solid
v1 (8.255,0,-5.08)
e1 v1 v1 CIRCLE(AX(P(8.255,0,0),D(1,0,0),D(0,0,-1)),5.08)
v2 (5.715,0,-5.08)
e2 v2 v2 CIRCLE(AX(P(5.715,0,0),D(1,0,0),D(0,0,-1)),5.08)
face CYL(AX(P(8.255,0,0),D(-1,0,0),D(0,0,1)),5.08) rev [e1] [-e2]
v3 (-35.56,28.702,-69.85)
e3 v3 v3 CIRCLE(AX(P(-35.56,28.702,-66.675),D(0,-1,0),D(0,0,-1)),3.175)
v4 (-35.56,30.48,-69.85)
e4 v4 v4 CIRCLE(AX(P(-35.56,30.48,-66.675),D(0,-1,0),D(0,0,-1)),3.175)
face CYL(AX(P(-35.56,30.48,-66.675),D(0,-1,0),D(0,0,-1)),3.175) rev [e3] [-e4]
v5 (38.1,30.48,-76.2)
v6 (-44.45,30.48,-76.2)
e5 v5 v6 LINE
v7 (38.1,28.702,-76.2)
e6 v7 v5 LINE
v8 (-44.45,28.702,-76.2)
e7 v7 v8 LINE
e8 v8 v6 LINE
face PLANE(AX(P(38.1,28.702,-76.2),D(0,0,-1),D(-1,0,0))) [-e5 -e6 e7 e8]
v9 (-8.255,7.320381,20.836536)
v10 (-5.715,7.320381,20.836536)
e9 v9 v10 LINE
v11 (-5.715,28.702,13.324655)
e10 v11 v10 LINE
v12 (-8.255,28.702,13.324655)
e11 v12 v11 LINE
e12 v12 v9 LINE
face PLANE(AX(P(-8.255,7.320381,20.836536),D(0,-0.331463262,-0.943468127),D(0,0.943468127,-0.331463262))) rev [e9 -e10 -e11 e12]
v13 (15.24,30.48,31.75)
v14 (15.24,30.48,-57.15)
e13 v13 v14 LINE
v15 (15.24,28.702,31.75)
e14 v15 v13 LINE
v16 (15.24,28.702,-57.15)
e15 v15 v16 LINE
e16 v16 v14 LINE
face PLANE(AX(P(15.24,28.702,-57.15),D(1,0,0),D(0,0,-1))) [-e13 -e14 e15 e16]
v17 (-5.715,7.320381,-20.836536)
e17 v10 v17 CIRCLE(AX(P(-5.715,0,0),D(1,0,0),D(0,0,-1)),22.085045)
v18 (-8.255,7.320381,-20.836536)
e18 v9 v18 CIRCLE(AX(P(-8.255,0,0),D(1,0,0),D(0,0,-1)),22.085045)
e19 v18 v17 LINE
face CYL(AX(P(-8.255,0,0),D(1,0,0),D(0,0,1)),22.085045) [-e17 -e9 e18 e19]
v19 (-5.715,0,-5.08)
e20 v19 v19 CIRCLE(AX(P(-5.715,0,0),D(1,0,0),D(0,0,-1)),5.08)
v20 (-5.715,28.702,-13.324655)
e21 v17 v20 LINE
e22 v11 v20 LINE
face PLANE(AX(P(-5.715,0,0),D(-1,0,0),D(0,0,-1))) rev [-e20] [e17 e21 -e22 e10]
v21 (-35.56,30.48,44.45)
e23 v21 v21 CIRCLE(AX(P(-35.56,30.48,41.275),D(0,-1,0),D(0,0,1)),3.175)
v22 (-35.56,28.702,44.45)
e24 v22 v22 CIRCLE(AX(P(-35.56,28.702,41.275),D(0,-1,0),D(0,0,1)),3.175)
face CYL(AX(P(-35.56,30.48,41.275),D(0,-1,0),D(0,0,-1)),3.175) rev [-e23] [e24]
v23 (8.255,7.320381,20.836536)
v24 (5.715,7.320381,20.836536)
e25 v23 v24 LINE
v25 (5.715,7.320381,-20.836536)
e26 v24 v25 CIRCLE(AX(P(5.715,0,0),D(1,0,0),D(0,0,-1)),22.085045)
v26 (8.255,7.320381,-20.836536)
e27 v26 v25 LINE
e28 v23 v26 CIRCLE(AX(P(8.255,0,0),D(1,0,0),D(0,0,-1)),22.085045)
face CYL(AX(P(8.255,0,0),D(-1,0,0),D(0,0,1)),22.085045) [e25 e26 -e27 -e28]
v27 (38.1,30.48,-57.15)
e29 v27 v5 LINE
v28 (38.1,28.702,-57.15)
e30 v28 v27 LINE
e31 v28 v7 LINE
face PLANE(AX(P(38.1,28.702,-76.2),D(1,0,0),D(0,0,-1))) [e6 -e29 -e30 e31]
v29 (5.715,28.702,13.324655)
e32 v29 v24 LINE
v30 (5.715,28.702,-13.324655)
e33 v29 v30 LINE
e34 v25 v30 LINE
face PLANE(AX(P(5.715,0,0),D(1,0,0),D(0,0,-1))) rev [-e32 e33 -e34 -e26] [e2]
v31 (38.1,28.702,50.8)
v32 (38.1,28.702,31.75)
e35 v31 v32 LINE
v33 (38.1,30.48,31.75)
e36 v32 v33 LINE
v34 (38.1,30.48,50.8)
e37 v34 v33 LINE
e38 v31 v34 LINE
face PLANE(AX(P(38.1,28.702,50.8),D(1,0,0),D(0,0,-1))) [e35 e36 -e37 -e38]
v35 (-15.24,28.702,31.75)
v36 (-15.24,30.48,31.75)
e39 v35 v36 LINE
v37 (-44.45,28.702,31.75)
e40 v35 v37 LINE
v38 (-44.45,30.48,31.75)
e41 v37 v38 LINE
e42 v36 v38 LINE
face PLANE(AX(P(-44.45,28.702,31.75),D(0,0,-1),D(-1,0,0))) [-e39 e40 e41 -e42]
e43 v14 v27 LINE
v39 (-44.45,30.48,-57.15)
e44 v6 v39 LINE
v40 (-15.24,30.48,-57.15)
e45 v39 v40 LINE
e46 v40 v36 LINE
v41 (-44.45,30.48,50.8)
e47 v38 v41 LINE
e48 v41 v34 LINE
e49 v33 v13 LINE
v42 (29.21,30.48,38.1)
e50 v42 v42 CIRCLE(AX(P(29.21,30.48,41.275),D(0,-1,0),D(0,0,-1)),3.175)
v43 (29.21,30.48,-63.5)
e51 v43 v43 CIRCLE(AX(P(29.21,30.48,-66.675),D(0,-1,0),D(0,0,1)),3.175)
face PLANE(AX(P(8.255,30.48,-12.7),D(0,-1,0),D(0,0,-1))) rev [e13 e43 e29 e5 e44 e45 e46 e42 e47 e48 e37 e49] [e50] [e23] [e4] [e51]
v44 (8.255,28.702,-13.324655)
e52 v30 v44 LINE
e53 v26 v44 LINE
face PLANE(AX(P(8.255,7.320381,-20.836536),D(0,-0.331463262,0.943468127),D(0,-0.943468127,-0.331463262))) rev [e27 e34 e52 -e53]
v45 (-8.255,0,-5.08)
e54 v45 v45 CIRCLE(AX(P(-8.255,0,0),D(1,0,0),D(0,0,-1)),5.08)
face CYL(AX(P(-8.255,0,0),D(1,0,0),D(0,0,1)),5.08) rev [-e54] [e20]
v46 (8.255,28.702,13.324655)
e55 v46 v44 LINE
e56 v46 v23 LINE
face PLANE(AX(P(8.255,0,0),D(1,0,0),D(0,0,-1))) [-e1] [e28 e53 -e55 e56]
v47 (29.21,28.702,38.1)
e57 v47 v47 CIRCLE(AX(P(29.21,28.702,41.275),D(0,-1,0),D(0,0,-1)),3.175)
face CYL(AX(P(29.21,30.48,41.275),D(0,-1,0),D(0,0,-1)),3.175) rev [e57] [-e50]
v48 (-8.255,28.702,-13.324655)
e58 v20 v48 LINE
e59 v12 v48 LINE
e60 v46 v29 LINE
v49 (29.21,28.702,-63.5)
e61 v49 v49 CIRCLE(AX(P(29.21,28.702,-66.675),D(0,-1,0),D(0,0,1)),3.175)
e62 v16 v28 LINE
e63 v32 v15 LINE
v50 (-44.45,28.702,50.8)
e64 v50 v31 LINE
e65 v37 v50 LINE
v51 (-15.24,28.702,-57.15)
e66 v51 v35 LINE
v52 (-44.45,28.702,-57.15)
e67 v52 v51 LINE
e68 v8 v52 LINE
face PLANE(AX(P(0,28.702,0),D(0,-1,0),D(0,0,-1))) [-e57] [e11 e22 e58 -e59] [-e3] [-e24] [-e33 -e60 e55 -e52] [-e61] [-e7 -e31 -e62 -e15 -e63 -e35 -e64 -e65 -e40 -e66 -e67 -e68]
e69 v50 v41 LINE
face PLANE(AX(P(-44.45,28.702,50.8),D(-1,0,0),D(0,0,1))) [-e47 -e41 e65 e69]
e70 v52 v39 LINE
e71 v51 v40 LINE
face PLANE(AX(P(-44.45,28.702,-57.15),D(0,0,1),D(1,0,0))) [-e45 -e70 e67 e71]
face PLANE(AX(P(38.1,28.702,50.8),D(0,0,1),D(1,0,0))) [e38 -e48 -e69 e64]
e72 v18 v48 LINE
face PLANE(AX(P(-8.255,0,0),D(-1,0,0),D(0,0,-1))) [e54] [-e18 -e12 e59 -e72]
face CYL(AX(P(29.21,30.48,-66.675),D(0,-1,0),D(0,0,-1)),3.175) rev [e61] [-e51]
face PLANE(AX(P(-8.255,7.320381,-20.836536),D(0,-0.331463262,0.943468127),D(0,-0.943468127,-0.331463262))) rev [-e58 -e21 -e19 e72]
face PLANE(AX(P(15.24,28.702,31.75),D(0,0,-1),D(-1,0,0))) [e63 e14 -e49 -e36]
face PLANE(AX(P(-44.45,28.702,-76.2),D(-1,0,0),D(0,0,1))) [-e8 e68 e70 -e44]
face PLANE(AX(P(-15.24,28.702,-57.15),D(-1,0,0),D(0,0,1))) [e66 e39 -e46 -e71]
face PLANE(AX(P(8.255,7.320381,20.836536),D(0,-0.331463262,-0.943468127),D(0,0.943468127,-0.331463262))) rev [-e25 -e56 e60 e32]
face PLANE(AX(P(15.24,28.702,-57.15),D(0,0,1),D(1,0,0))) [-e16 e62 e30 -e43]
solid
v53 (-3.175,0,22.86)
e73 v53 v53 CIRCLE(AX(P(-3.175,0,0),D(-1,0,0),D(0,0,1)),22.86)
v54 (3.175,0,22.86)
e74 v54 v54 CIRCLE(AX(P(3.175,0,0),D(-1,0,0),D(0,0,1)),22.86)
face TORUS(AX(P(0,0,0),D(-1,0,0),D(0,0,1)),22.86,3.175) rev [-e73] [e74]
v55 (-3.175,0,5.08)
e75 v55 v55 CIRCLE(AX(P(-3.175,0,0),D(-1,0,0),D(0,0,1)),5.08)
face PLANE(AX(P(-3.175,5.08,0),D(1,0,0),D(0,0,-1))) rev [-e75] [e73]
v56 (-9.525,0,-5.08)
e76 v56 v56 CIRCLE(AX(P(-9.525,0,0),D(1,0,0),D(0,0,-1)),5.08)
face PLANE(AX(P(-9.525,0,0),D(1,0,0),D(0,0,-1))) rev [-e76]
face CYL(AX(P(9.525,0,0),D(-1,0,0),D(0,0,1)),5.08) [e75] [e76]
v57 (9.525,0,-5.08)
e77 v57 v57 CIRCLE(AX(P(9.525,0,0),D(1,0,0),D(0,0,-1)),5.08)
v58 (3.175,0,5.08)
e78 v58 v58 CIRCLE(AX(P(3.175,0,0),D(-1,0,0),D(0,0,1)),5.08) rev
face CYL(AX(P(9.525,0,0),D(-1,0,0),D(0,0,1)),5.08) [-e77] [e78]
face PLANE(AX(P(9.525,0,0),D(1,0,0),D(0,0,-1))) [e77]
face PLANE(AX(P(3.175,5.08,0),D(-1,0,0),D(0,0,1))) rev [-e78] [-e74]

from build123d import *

# Parameters (mm, degrees)
SKETCH2_R           = 5.08
BOSS_EXTRUDE1_DEPTH = 2.54
BOSS_EXTRUDE2_DEPTH = 1.778
SKETCH4_R           = 3.175
CUT_EXTRUDE2_DEPTH  = 2.778
SKETCH6_R           = 5.08
BOSS_EXTRUDE4_DEPTH = 9.525


with BuildPart() as part:
    # Sketch1 → Revolve1 (revolve)
    with BuildSketch(Plane.XY):
        with BuildLine():
            Line((-3.175, 5.08), (3.175, 5.08))
            Line((3.175, 5.08), (3.175, 22.86))
            ThreePointArc((3.175, 22.86), (0, 19.685), (-3.175, 22.86))
            Line((-3.175, 22.86), (-3.175, 5.08))
        make_face()
    revolve(axis=Axis((0, 0, 0), (1, 0, 0)))

    # Sketch6 → Boss-Extrude4 (add, symmetric)
    with BuildSketch(Plane(origin=(0, 0, 0), x_dir=(0, 0, -1), z_dir=(1, 0, 0))):
        Circle(SKETCH6_R)
    extrude(amount=BOSS_EXTRUDE4_DEPTH, both=True)


with BuildPart() as body_2:
    # Sketch2 → Boss-Extrude1 (new body)
    with BuildSketch(Plane(origin=(5.715, 0, 0), x_dir=(0, 0, -1), z_dir=(1, 0, 0))):
        with BuildLine():
            Line((-20.836536434, 7.320381186), (-12.7, 30.48))
            Line((-12.7, 30.48), (12.7, 30.48))
            Line((12.7, 30.48), (20.836536434, 7.320381186))
            ThreePointArc((20.836536434, 7.320381186), (0, -22.085045421), (-20.836536434, 7.320381186))
        make_face()
        Circle(SKETCH2_R, mode=Mode.SUBTRACT)
    extrude(amount=BOSS_EXTRUDE1_DEPTH)


with BuildPart() as body_3:
    # Mirror2: mirrored copy
    add(body_2.part.mirror(Plane(origin=(0, 0, 0), x_dir=(0, 0, 1), z_dir=(1, 0, 0))))


with BuildPart() as body_2_1:
    add(body_2.part)

    add(body_3.part)  # Boss-Extrude2 merges body 3
    # Sketch3 → Boss-Extrude2 (add)
    with BuildSketch(Plane(origin=(0, 30.48, 0), x_dir=(1, 0, 0), z_dir=(0, 1, 0))):
        Polygon((15.24, 57.15), (15.24, -31.75), (38.1, -31.75), (38.1, -50.8), (-44.45, -50.8), (-44.45, -31.75), (-15.24, -31.75), (-15.24, 57.15), (-44.45, 57.15), (-44.45, 76.2), (38.1, 76.2), (38.1, 57.15), align=None)
    extrude(amount=-BOSS_EXTRUDE2_DEPTH)

    # Sketch4 → Cut-Extrude2 (cut, through all)
    with BuildSketch(Plane(origin=(0, 28.702, 0), x_dir=(-1, 0, 0), z_dir=(0, -1, 0))):
        with Locations((-29.21, -41.275)):
            Circle(SKETCH4_R)
        with Locations((35.56, -41.275)):
            Circle(SKETCH4_R)
        with Locations((-29.21, 66.675)):
            Circle(SKETCH4_R)
        with Locations((35.56, 66.675)):
            Circle(SKETCH4_R)
    extrude(amount=-CUT_EXTRUDE2_DEPTH, mode=Mode.SUBTRACT)


solid = Compound([part.part, body_2_1.part])
